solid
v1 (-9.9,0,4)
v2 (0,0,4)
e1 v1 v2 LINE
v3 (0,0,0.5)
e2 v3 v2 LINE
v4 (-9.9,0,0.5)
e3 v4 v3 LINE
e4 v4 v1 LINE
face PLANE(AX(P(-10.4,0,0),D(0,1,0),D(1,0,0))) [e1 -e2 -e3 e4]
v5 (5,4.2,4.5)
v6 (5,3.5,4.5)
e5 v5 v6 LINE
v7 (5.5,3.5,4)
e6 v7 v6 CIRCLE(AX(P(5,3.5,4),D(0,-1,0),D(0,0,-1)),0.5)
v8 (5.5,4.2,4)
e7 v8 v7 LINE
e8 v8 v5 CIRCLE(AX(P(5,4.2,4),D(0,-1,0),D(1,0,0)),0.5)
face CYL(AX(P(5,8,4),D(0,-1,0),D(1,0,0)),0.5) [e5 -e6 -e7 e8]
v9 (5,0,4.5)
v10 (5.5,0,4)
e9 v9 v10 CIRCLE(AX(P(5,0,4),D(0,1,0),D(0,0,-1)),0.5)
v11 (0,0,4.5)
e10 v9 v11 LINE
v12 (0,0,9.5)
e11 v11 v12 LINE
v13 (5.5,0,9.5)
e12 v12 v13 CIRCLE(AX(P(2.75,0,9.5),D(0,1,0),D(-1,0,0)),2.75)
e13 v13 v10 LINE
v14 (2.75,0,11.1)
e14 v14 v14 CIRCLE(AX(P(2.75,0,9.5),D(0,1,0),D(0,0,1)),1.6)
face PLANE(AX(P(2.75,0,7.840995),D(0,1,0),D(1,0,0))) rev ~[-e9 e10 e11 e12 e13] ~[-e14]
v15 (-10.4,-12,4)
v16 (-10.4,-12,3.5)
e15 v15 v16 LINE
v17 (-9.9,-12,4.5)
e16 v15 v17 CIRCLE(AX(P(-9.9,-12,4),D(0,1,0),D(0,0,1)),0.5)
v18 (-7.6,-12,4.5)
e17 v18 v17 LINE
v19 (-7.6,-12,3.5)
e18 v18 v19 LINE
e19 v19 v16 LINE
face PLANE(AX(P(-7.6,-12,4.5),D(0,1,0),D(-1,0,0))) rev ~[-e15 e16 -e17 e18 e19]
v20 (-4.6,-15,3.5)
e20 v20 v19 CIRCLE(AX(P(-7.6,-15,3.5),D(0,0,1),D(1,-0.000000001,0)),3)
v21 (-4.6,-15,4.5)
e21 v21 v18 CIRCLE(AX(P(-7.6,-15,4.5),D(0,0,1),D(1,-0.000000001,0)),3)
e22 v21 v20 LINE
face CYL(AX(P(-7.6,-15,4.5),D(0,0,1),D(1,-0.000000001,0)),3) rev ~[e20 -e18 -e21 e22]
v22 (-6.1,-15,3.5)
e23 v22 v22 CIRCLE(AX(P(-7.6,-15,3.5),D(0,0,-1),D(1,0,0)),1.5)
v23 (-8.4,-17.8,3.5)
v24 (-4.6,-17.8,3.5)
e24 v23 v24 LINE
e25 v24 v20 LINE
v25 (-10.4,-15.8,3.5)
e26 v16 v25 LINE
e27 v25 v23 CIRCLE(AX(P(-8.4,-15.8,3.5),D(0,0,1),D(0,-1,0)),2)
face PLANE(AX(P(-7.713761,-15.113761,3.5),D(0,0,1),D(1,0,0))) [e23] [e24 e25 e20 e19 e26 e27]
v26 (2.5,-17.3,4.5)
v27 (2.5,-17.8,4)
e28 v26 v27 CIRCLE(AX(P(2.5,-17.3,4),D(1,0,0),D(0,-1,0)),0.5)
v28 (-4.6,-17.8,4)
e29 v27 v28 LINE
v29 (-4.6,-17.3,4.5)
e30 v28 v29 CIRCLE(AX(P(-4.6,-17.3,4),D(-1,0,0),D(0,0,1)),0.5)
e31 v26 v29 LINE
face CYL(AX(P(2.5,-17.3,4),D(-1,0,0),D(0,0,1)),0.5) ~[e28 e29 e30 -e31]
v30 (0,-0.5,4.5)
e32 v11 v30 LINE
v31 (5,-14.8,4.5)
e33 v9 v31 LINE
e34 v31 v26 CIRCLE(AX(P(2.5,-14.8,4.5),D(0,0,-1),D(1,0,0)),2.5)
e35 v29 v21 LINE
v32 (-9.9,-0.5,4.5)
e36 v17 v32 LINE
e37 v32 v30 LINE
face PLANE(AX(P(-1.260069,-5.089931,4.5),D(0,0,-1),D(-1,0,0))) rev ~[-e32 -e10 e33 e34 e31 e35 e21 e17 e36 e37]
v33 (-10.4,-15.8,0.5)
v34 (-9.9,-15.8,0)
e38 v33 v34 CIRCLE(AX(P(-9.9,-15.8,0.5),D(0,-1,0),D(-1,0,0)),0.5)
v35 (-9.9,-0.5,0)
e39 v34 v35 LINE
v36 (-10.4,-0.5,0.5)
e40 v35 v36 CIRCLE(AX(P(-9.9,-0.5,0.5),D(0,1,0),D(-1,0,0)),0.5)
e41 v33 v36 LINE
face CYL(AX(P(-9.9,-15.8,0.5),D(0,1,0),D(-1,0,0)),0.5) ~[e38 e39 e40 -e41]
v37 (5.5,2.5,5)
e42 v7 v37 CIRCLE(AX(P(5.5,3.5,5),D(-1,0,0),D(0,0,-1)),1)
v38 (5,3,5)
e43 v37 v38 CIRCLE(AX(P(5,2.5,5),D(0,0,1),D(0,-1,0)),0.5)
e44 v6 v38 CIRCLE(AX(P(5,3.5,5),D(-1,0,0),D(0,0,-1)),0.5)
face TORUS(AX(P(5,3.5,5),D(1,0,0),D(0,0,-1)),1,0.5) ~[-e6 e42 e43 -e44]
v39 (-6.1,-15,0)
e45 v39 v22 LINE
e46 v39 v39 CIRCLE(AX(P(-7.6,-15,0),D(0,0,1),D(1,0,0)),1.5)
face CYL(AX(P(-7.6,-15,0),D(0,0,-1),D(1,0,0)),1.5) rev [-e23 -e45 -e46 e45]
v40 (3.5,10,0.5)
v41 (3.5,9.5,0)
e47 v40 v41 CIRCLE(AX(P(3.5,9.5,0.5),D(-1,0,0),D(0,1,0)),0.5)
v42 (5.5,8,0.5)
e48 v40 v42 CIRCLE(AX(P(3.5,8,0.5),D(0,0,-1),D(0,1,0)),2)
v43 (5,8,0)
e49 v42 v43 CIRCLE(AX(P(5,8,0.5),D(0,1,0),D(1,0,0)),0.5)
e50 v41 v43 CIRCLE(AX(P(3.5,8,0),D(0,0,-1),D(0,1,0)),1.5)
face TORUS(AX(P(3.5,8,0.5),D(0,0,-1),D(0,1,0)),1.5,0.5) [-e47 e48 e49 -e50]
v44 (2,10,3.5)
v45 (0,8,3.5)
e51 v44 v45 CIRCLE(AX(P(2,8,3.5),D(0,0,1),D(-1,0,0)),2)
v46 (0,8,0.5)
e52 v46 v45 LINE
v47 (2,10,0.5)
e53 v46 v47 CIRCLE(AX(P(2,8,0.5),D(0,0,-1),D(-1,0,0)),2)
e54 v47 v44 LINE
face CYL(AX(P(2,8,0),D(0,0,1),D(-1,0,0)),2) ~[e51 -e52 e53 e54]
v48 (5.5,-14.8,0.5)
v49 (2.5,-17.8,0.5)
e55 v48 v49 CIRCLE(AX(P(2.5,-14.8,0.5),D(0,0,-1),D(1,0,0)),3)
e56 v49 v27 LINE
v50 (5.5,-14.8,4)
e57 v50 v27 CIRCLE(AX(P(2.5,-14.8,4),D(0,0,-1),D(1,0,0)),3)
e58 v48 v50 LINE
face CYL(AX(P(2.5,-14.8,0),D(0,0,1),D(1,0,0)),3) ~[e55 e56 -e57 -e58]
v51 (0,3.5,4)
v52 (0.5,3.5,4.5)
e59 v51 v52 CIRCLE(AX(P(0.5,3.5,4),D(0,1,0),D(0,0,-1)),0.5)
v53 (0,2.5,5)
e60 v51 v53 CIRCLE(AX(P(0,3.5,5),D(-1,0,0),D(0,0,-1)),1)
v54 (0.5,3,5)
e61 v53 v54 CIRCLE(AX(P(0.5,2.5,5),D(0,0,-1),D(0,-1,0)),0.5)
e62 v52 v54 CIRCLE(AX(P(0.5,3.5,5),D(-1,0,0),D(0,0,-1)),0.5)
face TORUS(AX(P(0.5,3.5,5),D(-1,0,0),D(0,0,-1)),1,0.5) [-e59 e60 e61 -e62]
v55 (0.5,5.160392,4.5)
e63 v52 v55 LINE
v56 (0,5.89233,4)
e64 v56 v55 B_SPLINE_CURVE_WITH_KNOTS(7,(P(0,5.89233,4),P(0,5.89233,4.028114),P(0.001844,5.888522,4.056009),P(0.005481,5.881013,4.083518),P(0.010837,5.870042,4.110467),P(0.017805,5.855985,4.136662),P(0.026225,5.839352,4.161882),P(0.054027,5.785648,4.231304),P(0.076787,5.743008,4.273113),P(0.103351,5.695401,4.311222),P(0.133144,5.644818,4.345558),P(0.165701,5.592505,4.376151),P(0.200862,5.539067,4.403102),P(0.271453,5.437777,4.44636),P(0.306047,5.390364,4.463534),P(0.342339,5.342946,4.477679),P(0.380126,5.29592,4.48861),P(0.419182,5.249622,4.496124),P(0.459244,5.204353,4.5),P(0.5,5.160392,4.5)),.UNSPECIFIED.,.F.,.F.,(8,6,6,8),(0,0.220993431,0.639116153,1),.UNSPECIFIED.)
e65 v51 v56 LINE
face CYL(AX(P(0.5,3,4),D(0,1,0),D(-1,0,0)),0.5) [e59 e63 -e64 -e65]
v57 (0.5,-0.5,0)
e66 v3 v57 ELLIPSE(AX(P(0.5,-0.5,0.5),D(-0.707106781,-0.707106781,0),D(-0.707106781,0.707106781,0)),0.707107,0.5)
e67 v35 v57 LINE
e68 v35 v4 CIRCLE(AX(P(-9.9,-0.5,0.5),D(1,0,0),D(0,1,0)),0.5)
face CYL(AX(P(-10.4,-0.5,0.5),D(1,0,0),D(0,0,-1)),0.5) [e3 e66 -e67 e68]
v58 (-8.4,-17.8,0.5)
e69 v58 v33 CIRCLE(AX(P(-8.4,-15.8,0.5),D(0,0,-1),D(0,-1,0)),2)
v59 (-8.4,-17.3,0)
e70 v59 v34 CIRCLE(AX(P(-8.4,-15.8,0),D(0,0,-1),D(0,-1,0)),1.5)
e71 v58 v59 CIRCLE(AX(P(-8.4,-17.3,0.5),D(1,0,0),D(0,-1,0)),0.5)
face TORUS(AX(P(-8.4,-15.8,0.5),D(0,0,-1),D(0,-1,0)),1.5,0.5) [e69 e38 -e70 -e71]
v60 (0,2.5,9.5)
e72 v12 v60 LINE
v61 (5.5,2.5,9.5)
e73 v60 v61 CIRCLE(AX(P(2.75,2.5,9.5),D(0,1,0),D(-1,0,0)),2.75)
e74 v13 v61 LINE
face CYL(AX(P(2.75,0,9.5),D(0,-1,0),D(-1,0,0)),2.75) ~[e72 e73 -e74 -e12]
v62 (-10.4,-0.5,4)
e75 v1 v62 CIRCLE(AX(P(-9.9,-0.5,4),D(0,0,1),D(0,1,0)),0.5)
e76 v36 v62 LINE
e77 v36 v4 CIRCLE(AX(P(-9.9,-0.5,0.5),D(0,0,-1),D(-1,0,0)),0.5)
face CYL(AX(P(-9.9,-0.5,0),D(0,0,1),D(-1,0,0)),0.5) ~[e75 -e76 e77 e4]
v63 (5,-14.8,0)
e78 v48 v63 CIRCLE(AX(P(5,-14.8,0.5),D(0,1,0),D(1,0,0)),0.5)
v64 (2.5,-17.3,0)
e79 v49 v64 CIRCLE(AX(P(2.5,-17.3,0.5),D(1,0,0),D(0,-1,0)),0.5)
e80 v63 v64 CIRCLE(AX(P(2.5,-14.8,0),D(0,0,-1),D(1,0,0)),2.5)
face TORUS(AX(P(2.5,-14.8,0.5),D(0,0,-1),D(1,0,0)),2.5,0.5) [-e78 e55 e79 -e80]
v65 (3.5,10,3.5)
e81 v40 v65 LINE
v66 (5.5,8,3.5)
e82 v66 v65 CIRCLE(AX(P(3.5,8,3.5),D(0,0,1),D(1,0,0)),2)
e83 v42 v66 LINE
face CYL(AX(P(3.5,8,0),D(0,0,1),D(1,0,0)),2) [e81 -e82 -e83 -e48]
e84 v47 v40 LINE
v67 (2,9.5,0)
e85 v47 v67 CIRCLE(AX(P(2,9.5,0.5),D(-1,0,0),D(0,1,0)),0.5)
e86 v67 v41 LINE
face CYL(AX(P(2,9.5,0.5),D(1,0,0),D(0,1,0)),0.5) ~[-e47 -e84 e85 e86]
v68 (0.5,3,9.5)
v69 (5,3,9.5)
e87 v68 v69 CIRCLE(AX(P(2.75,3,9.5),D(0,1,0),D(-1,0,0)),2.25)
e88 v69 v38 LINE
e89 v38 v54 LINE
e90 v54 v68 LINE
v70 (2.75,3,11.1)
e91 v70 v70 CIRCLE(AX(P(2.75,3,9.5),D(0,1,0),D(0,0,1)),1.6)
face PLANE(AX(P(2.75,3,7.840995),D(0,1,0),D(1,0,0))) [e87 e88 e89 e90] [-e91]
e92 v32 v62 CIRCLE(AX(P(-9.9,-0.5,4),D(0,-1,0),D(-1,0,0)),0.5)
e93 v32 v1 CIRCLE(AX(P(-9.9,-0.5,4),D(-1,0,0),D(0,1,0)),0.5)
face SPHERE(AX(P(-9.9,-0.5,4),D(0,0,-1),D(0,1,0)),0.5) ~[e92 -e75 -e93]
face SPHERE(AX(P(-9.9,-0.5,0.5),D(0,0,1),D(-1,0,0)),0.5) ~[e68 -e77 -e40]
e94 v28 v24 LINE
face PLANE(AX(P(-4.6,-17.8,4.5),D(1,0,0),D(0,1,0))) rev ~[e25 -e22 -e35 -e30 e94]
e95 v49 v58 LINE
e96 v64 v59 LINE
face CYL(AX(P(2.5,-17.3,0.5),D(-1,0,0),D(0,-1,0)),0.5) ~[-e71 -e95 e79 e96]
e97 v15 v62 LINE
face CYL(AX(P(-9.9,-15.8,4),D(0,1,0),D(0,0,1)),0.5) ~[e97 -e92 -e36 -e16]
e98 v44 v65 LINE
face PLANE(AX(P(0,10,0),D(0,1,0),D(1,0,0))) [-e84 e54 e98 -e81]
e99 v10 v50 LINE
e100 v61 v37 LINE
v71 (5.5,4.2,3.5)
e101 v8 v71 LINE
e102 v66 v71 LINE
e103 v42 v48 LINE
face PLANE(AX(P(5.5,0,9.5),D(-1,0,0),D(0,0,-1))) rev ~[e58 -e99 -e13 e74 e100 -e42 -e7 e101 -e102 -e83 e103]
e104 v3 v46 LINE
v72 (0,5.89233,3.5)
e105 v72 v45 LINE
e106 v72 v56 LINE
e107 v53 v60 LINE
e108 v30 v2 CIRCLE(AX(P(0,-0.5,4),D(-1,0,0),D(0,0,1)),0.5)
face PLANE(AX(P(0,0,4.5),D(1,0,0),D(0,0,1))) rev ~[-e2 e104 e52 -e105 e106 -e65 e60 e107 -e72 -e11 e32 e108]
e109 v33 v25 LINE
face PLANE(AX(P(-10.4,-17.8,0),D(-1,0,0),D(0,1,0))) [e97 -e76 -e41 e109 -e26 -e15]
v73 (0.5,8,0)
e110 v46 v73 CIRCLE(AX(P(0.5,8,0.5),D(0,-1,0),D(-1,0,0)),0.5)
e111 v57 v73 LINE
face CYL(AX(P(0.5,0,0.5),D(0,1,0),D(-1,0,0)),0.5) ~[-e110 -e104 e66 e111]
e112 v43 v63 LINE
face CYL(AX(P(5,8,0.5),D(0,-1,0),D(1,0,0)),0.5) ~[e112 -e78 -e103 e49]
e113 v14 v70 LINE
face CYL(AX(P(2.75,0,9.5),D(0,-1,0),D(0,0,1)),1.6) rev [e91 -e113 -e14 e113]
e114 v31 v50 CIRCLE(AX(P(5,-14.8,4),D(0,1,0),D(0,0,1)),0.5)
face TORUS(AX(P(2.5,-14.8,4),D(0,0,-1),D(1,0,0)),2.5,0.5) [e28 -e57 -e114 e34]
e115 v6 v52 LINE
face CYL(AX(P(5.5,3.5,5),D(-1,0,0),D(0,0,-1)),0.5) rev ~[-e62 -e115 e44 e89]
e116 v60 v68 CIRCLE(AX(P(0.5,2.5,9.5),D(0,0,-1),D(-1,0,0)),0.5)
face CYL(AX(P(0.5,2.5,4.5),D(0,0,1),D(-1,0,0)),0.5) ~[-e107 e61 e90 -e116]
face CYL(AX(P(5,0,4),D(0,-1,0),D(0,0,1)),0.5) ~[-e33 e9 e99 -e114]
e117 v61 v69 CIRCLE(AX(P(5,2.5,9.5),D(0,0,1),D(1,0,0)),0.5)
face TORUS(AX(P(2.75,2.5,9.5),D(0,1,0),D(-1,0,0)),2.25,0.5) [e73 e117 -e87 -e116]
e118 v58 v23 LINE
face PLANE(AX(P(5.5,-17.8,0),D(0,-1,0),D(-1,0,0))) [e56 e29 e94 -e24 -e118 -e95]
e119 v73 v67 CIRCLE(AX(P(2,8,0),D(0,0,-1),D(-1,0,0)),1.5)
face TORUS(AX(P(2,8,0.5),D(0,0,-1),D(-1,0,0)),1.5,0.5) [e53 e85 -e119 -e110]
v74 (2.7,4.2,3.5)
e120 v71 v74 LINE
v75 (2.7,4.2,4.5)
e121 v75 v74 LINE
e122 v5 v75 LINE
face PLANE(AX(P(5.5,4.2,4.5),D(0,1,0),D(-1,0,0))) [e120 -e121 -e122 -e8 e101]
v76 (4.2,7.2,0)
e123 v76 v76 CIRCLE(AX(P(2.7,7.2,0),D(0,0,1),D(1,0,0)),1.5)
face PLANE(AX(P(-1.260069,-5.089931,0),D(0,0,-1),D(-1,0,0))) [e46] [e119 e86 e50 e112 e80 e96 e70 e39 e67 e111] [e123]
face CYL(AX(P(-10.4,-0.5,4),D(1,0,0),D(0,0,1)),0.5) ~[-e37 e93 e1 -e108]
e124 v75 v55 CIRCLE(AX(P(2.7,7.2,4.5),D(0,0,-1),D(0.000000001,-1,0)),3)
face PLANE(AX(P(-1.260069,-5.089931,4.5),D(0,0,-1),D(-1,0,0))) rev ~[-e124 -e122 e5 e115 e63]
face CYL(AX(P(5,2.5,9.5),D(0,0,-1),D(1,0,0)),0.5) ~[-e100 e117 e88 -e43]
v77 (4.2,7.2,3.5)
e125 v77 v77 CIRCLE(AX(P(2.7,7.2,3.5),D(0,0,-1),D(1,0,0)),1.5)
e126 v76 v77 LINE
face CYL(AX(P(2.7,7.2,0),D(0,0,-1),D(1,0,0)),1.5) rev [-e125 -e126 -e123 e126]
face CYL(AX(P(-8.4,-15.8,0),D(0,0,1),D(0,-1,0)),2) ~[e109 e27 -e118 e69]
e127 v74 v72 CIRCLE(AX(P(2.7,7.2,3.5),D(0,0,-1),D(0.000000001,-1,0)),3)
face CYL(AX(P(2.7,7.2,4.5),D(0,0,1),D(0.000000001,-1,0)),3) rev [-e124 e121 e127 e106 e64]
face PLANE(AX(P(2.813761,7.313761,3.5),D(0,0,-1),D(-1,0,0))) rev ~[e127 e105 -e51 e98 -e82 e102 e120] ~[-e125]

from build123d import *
from OCP.BRepFilletAPI import BRepFilletAPI_MakeFillet

# Parameters (mm, degrees)
SKETCH1_R           = 1.5
BOSS_EXTRUDE1_DEPTH = 4.5
SKETCH3_R           = 1.6
BOSS_EXTRUDE2_DEPTH = 3
FILLET1_R1          = 2
FILLET1_R2          = 3
FILLET2_R           = 0.5
CUT_EXTRUDE1_DEPTH  = 1


with BuildPart() as part:
    # Sketch1 → Boss-Extrude1 (new body)
    with BuildSketch(Plane.XY):
        Polygon((-10.4, 0), (0, 0), (0, 10), (5.5, 10), (5.5, -17.8), (-10.4, -17.8), align=None)
        with Locations((2.7, 7.2)):
            Circle(SKETCH1_R, mode=Mode.SUBTRACT)
        with Locations((-7.6, -15)):
            Circle(SKETCH1_R, mode=Mode.SUBTRACT)
    extrude(amount=BOSS_EXTRUDE1_DEPTH)

    # Sketch3 → Boss-Extrude2 (add)
    with BuildSketch(Plane(origin=(0, 0, 0), x_dir=(1, 0, 0), z_dir=(0, 1, 0))):
        with BuildLine():
            Line((5.5, -4.5), (0, -4.5))
            Line((0, -4.5), (0, -9.5))
            ThreePointArc((0, -9.5), (2.75, -12.25), (5.5, -9.5))
            Line((5.5, -9.5), (5.5, -4.5))
        make_face()
        with Locations((2.75, -9.5)):
            Circle(SKETCH3_R, mode=Mode.SUBTRACT)
    extrude(amount=BOSS_EXTRUDE2_DEPTH)

    # Fillet1: one fillet with a radius per group of edges: ONE call of the kernel's fillet builder (fillet() takes one radius for all edges)
    fillet1_edges_1 = [part.edges().sort_by_distance(p)[0] for p in [
        (-10.4, -17.8, 2.25),
        (5.5, 10, 2.25),
        (0, 10, 2.25),
    ]]
    fillet1_edges_2 = [part.edges().sort_by_distance(p)[0] for p in [
        (5.5, -17.8, 2.25),
    ]]
    fillet1 = BRepFilletAPI_MakeFillet(part.part.solid().wrapped)
    for e in fillet1_edges_1:
        fillet1.Add(FILLET1_R1, e.wrapped)
    for e in fillet1_edges_2:
        fillet1.Add(FILLET1_R2, e.wrapped)
    add(Compound.cast(fillet1.Shape()), mode=Mode.REPLACE)

    # Fillet2
    fillet2_edges = [part.edges().sort_by_distance(p)[0] for p in [
        (2.75, 3, 12.25),
        (5.5, 3, 7),
        (0, 3, 7),
        (0.585786438, 9.414213562, 0),
        (4.914213562, 9.414213562, 0),
        (2.75, 10, 0),
        (4.914213562, 9.414213562, 4.5),
        (0.585786438, 9.414213562, 4.5),
        (2.75, 10, 4.5),
        (0, 5.5, 4.5),
        (5.5, 5.5, 4.5),
        (2.75, 3, 4.5),
        (4.621320344, -16.921320344, 0),
        (5.5, -3.4, 0),
        (-9.814213562, -17.214213562, 0),
        (-2.95, -17.8, 0),
        (0, 4, 0),
        (-5.2, 0, 0),
        (-10.4, -7.9, 0),
        (-10.4, 0, 2.25),
        (-5.2, 0, 4.5),
        (4.621320344, -16.921320344, 4.5),
        (-9.814213562, -17.214213562, 4.5),
        (5.5, -7.4, 4.5),
        (-2.95, -17.8, 4.5),
        (-10.4, -7.9, 4.5),
    ]]
    fillet(fillet2_edges, radius=FILLET2_R)

    # Sketch6 → Cut-Extrude1 (cut)
    with BuildSketch(Plane.XY.offset(4.5)):
        with BuildLine():
            Line((-0.3, 7.2), (-0.3, 10))
            Line((-0.3, 10), (5.5, 10))
            Line((5.5, 10), (5.5, 4.2))
            Line((5.5, 4.2), (2.7, 4.2))
            ThreePointArc((2.7, 4.2), (0.578679656, 5.078679656), (-0.3, 7.2))
        make_face()
        with BuildLine():
            Line((-7.6, -12), (-10.4, -12))
            Line((-10.4, -12), (-10.4, -17.8))
            Line((-10.4, -17.8), (-4.6, -17.8))
            Line((-4.6, -17.8), (-4.6, -15))
            ThreePointArc((-4.6, -15), (-5.478679656, -12.878679656), (-7.6, -12))
        make_face()
    extrude(amount=-CUT_EXTRUDE1_DEPTH, mode=Mode.SUBTRACT)


solid = part.part
